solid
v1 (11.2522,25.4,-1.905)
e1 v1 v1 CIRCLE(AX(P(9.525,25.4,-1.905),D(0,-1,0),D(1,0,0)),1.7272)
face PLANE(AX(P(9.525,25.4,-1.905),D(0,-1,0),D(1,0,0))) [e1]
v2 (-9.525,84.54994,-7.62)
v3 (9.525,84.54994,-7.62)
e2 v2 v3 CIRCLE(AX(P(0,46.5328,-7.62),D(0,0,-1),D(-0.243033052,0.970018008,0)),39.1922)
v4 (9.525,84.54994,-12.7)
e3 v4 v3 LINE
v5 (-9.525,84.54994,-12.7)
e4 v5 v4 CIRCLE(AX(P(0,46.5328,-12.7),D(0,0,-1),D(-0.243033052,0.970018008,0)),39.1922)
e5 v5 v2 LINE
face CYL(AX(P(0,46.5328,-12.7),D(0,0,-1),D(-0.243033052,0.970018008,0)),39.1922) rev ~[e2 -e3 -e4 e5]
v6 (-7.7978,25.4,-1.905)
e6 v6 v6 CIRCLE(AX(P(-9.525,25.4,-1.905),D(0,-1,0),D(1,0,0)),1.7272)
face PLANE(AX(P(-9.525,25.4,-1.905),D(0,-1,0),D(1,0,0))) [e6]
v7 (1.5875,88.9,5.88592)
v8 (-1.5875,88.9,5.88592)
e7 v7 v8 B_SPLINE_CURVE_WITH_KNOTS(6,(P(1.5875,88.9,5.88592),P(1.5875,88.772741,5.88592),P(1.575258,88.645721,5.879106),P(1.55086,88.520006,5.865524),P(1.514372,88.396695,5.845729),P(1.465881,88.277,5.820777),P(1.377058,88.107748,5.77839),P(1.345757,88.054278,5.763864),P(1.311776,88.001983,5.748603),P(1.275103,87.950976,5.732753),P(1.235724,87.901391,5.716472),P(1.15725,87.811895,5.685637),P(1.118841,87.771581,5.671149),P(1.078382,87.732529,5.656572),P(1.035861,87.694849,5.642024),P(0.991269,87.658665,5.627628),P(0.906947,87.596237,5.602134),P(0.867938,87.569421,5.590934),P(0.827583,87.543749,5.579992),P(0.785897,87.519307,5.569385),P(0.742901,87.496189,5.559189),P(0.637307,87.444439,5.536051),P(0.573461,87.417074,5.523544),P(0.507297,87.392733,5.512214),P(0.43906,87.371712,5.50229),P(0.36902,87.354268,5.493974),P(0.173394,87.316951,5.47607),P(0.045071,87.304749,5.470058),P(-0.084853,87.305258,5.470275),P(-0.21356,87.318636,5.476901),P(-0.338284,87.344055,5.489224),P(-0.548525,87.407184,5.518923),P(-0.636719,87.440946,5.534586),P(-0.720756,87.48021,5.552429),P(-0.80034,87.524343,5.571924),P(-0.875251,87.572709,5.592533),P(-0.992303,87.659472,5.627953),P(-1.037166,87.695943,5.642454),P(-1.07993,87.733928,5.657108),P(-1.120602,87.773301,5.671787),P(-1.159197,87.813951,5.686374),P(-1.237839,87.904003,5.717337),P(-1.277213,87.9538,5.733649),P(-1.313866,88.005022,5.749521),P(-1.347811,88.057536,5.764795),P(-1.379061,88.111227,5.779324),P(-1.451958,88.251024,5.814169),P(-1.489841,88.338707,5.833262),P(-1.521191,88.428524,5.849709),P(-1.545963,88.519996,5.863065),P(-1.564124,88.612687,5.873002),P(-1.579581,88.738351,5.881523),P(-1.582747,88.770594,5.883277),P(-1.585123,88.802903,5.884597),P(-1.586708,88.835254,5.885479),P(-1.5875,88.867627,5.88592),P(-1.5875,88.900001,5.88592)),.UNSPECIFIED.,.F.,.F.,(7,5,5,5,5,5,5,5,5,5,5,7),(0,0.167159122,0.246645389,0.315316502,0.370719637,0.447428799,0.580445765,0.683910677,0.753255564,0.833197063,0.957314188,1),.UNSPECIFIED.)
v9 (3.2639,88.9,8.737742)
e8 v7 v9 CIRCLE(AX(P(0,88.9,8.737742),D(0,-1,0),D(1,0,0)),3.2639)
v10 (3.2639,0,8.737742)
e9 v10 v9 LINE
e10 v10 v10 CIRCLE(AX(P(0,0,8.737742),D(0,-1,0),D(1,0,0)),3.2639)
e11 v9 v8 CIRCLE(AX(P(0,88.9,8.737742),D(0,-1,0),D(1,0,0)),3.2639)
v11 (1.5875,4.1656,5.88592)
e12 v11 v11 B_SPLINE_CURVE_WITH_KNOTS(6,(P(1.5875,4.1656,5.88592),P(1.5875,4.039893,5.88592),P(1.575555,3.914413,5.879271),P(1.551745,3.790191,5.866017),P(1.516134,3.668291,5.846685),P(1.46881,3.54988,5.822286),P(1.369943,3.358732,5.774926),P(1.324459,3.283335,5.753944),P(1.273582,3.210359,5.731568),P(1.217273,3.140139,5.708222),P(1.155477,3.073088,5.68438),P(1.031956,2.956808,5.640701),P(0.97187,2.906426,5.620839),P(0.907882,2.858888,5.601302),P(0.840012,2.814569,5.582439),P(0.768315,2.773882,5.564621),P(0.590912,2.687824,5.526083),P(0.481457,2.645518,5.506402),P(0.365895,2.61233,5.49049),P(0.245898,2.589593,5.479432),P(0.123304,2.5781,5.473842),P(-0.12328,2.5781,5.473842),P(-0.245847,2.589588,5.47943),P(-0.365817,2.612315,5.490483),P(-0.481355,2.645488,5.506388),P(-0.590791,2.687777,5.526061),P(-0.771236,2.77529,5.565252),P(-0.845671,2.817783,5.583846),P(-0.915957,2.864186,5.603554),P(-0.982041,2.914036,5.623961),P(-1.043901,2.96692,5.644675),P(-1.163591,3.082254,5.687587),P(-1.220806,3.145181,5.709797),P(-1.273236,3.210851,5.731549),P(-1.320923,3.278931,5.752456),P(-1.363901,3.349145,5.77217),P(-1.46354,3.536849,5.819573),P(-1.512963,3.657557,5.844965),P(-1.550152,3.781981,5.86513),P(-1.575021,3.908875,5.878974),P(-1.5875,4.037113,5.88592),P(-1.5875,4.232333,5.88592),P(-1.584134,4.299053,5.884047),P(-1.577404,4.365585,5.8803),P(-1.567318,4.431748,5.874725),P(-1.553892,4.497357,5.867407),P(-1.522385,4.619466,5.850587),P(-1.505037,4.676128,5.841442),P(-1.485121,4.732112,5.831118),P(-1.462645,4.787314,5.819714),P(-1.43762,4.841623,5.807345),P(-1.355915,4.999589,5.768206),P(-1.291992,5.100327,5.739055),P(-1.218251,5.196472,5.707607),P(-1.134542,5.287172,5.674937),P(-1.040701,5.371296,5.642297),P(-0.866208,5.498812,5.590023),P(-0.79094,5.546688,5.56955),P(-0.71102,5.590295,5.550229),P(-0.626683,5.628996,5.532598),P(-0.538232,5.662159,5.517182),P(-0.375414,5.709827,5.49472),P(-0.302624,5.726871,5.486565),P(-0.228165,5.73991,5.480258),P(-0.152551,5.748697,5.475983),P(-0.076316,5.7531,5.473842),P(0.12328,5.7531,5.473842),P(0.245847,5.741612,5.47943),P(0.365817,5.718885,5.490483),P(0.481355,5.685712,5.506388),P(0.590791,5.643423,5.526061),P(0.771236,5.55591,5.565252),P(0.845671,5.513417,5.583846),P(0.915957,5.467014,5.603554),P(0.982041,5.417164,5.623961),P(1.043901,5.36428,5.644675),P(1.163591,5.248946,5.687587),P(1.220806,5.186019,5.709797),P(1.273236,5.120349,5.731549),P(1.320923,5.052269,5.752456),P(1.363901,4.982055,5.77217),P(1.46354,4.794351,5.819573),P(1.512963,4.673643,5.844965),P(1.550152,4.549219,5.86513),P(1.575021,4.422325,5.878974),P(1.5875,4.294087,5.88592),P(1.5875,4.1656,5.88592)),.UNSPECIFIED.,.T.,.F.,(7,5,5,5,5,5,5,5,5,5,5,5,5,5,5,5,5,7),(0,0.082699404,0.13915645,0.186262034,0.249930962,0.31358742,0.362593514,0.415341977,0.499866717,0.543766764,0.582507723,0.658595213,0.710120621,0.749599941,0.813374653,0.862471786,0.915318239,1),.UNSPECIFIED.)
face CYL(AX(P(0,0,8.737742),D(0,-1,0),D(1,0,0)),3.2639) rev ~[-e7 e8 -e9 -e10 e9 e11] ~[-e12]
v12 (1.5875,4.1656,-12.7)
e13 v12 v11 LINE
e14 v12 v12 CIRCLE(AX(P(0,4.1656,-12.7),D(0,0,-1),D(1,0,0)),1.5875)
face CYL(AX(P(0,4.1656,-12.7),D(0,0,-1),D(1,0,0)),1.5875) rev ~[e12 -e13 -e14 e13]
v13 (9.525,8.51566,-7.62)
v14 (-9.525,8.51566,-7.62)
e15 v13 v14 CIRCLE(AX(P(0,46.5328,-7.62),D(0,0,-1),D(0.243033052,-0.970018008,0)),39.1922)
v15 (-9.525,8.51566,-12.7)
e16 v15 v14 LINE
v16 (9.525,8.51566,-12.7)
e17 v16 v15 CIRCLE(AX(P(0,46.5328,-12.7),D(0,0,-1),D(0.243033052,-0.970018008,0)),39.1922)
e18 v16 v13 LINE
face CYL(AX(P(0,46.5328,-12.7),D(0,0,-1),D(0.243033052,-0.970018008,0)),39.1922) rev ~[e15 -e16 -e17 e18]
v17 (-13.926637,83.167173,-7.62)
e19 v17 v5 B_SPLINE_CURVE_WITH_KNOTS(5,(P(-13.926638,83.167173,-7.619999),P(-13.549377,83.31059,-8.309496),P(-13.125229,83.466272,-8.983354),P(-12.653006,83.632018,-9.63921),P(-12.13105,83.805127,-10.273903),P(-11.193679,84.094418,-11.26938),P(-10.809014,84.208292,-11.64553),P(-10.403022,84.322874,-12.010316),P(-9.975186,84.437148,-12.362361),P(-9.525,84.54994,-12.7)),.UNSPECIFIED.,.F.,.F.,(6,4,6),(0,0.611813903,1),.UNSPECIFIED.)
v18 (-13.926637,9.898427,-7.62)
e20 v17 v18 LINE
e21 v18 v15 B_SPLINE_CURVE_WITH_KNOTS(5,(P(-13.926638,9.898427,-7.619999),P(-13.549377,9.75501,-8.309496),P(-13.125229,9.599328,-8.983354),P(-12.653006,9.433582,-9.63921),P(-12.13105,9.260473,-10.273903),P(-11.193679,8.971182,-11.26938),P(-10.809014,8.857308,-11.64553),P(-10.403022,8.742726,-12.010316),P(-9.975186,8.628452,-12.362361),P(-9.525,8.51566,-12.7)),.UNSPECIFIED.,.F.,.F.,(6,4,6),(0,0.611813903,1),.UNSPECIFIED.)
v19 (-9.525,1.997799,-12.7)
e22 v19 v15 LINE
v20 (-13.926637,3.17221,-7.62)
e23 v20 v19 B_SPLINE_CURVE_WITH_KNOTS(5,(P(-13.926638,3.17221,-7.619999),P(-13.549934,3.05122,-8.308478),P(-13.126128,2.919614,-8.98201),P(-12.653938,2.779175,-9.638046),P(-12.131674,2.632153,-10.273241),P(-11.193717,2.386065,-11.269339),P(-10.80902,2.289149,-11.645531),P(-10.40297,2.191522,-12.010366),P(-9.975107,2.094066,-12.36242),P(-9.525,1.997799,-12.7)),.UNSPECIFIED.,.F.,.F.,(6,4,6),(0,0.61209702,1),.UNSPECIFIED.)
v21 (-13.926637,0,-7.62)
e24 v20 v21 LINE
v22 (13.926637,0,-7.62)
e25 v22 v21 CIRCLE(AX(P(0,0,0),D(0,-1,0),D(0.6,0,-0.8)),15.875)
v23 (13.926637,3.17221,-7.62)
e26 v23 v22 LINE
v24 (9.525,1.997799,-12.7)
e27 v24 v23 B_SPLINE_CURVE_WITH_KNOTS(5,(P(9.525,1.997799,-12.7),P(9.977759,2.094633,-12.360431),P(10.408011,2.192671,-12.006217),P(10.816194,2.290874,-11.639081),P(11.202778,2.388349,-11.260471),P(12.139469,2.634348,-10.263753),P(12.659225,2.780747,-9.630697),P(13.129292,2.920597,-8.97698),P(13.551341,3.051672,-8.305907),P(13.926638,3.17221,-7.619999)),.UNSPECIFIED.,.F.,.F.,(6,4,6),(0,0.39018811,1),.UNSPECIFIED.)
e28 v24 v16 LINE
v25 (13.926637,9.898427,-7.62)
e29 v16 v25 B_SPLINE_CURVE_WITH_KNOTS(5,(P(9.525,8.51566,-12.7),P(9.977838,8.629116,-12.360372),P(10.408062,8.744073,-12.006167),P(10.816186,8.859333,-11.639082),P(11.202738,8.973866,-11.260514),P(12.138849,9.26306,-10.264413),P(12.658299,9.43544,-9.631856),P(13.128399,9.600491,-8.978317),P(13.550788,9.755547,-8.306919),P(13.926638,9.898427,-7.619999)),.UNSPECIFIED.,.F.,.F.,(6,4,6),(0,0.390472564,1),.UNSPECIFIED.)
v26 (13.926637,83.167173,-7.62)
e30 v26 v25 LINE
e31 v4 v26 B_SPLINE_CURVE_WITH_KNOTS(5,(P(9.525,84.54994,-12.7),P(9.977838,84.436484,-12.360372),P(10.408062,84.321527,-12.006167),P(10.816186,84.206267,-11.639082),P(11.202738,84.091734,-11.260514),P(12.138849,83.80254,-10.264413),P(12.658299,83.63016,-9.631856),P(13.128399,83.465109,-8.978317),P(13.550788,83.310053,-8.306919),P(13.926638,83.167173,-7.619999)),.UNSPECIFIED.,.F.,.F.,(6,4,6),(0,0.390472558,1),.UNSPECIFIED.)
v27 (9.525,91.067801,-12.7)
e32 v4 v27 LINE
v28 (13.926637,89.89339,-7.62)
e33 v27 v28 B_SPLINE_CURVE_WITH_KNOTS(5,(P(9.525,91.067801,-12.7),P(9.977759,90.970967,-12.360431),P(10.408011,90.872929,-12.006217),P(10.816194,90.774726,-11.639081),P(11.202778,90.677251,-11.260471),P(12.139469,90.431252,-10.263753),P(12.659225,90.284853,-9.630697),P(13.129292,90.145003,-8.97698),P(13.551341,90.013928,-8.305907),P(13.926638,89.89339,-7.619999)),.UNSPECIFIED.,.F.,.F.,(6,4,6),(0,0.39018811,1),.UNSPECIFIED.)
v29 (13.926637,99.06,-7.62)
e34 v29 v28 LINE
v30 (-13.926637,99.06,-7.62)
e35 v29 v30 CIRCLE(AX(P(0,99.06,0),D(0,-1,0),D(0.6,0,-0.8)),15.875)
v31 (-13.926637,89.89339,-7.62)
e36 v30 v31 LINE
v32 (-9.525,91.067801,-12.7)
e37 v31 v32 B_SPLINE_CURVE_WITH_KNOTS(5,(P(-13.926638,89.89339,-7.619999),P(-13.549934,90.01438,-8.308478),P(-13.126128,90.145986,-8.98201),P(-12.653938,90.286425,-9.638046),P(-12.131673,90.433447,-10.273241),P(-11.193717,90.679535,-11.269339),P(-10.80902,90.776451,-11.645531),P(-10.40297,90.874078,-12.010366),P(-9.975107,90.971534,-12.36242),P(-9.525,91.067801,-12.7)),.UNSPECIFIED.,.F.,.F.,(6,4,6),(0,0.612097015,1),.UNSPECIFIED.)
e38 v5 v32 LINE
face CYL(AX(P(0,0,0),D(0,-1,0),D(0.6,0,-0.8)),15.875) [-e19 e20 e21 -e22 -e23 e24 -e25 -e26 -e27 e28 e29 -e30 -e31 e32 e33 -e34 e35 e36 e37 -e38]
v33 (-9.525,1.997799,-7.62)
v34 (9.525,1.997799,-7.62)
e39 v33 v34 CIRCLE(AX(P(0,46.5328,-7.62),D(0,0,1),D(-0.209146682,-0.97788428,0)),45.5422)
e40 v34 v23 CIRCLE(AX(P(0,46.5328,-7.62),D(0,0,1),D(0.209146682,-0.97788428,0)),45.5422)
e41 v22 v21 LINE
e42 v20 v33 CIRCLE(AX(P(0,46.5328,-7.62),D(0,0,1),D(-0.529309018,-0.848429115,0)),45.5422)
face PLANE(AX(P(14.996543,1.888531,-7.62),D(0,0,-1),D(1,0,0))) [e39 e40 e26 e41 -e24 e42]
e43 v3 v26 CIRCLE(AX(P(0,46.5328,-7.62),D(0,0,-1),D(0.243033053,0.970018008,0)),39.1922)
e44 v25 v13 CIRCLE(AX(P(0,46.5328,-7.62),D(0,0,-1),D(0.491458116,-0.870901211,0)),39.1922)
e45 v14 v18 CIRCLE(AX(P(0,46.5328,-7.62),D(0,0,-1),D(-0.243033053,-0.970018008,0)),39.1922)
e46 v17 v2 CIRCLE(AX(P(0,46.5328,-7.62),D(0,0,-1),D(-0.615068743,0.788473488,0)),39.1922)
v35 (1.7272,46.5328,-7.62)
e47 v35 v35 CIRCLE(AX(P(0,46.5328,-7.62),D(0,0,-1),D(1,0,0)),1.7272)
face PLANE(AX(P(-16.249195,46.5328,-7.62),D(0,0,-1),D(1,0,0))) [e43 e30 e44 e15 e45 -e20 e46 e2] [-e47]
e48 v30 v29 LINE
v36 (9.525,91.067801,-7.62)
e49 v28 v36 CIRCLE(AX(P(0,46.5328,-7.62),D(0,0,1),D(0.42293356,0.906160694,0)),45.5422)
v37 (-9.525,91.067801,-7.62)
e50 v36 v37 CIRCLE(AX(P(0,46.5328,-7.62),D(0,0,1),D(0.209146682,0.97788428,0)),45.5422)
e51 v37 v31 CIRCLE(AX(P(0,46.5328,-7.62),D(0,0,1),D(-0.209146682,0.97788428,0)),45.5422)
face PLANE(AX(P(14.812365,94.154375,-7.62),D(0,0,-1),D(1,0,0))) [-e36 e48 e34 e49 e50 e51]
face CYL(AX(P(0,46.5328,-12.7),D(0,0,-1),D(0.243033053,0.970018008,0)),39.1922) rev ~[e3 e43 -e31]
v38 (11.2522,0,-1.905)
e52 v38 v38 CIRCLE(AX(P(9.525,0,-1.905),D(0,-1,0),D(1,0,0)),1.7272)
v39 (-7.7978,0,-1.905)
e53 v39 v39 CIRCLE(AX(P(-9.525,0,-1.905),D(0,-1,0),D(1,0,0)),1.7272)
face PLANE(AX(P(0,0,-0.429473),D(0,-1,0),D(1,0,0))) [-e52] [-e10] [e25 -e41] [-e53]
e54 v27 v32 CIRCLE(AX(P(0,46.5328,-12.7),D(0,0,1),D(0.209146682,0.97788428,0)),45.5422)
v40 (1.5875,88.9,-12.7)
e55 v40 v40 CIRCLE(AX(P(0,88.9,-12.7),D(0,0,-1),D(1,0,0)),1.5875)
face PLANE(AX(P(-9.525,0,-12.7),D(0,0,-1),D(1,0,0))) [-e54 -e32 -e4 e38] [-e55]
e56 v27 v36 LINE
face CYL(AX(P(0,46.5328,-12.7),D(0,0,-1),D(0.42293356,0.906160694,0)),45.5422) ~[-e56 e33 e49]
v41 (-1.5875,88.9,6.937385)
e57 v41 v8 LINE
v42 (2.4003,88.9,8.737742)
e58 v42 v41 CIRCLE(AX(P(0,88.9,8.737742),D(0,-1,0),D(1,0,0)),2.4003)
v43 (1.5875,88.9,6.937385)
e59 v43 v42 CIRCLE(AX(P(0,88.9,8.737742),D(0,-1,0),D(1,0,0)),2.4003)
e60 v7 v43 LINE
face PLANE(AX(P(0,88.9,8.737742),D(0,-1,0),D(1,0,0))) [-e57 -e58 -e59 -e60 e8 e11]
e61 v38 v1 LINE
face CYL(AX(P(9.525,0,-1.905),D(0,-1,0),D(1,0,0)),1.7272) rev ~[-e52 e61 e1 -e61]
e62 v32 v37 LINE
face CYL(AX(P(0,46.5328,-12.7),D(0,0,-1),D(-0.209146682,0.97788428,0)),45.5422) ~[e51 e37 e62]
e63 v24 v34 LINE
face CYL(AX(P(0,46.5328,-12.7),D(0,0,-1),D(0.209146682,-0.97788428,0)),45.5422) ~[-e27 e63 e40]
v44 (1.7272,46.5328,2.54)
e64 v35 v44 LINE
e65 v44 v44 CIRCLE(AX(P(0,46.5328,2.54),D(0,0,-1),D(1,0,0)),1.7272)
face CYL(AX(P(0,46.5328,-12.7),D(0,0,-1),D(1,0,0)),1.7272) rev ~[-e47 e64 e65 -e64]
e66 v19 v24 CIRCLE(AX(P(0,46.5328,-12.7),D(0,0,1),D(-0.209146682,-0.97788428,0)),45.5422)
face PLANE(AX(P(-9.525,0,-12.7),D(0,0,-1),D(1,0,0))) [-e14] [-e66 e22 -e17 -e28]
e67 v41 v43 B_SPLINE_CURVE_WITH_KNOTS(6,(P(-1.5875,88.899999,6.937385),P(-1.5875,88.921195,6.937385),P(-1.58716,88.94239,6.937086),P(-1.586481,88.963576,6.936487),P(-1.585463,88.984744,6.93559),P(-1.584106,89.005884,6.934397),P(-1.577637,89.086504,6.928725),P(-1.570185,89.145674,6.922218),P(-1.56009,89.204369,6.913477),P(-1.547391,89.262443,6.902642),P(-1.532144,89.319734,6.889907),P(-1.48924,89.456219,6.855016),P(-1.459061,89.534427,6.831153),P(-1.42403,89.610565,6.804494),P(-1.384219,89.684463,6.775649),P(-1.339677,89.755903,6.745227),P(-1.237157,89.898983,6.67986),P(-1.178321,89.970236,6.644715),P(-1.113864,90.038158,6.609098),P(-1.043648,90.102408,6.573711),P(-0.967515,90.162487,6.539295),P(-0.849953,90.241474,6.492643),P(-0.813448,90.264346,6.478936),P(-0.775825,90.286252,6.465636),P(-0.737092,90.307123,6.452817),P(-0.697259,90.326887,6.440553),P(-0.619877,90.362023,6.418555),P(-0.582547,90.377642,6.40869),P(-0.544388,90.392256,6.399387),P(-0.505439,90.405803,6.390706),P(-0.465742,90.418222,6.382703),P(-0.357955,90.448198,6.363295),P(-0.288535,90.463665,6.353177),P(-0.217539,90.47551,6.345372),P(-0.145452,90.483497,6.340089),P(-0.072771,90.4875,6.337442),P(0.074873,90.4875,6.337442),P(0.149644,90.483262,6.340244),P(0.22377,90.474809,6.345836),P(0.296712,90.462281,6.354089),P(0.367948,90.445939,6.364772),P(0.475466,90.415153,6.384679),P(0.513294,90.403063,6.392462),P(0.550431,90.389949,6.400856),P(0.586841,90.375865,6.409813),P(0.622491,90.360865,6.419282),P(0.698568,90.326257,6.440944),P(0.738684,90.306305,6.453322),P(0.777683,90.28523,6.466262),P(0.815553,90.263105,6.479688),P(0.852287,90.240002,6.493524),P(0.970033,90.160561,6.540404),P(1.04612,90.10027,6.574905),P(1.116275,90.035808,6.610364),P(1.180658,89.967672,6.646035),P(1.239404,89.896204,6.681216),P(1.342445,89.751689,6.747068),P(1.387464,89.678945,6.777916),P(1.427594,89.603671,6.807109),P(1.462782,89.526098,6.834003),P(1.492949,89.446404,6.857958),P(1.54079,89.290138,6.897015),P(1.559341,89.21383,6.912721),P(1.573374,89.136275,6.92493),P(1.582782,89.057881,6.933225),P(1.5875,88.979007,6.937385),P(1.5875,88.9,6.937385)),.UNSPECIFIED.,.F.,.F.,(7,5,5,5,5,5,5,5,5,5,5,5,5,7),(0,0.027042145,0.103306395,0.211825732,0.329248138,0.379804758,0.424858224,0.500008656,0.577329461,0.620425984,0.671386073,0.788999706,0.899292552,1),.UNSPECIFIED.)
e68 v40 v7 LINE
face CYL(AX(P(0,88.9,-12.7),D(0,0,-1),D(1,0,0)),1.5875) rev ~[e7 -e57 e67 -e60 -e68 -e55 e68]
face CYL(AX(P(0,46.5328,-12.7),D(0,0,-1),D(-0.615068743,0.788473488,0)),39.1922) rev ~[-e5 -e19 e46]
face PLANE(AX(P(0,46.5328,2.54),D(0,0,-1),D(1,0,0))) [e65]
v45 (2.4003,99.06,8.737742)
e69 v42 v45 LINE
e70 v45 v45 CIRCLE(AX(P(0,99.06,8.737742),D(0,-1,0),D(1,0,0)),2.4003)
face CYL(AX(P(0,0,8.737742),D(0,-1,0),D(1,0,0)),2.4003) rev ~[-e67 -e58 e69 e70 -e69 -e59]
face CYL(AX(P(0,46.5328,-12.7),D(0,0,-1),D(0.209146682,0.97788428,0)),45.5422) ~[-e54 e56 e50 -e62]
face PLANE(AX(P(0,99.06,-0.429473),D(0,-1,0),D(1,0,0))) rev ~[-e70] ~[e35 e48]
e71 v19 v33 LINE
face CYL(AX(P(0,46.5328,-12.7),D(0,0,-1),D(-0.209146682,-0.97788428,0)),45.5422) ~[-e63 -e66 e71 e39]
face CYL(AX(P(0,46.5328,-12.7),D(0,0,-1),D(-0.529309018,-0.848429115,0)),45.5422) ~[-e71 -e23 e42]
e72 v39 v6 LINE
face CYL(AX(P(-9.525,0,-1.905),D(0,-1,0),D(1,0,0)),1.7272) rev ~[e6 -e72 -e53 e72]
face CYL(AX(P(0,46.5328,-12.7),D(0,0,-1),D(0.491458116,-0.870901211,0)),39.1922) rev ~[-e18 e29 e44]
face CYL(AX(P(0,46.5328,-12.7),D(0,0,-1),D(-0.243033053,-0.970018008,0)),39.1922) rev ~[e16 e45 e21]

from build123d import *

# Parameters (mm, degrees)
F0_R     = 1.7272
F0_R_2   = 3.2639
F0_R_3   = 2.4003
F1_DEPTH = 99.06
F2_DEPTH = 88.9
F3_DEPTH = 25.4
F4_DEPTH = 99.061
F5_R     = 1.7272
F6_DEPTH = 5.08
F7_DEPTH = 15.24
F5_R_2   = 1.5875
F8_DEPTH = 19.6383854826


with BuildPart() as f1:
    # F0 (on Front) → F1 (new body)
    with BuildSketch(Plane.XZ):
        with BuildLine():
            Line((-9.525, -12.7), (9.525, -12.7))
            ThreePointArc((9.525, -12.7), (0, 15.875), (-9.525, -12.7))
        make_face()
        with Locations((-9.525, -1.905)):
            Circle(F0_R, mode=Mode.SUBTRACT)
        with Locations((9.525, -1.905)):
            Circle(F0_R, mode=Mode.SUBTRACT)
        with Locations((0, 8.7377419695)):
            Circle(F0_R_2, mode=Mode.SUBTRACT)
        with Locations((0, 8.7377419695)):
            Circle(F0_R_2)
        with Locations((0, 8.7377419695)):
            Circle(F0_R_3, mode=Mode.SUBTRACT)
        with Locations((-9.525, -1.905)):
            Circle(F0_R)
        with Locations((9.525, -1.905)):
            Circle(F0_R)
    extrude(amount=-F1_DEPTH)

    # F0 (on Front) → F2 (cut, through all)
    with BuildSketch(Plane.XZ):
        with Locations((0, 8.7377419695)):
            Circle(F0_R_2)
        with Locations((0, 8.7377419695)):
            Circle(F0_R_3, mode=Mode.SUBTRACT)
    extrude(amount=-F2_DEPTH, mode=Mode.SUBTRACT)

    # F0 (on Front) → F3 (cut)
    with BuildSketch(Plane.XZ):
        with Locations((-9.525, -1.905)):
            Circle(F0_R)
        with Locations((9.525, -1.905)):
            Circle(F0_R)
    extrude(amount=-F3_DEPTH, mode=Mode.SUBTRACT)

    # F0 (on Front) → F4 (cut, through all)
    with BuildSketch(Plane.XZ):
        with Locations((0, 8.7377419695)):
            Circle(F0_R_3)
    extrude(amount=-F4_DEPTH, mode=Mode.SUBTRACT)

    # F5 (on face) → F6 (cut)
    with BuildSketch(Plane(origin=(0, 0, -12.7), x_dir=(1, 0, 0), z_dir=(0, 0, -1))):
        with BuildLine():
            Line((-9.525, -84.5499397641), (-9.525, -8.5156602359))
            ThreePointArc((-9.525, -8.5156602359), (-17.1876576863, -11.3104638467), (-24.1058971733, -15.6307893484))
            Line((-24.1058971733, -15.6307893484), (-24.1058971733, -77.4348106516))
            ThreePointArc((-24.1058971733, -77.4348106516), (-17.1876576863, -81.7551361533), (-9.525, -84.5499397641))
        make_face()
        with BuildLine():
            Line((9.525, -84.5499397641), (9.525, -8.5156602359))
            ThreePointArc((9.525, -8.5156602359), (0, -7.3406), (-9.525, -8.5156602359))
            Line((-9.525, -8.5156602359), (-9.525, -84.5499397641))
            ThreePointArc((-9.525, -84.5499397641), (0, -85.725), (9.525, -84.5499397641))
        make_face()
        with Locations((0, -46.5328)):
            Circle(F5_R, mode=Mode.SUBTRACT)
        with BuildLine():
            ThreePointArc((19.2613247782, -12.4002655405), (14.5236243119, -10.1309748028), (9.525, -8.5156602359))
            Line((9.525, -8.5156602359), (9.525, -84.5499397641))
            ThreePointArc((9.525, -84.5499397641), (14.5236243119, -82.9346251972), (19.2613247782, -80.6653344595))
            Line((19.2613247782, -80.6653344595), (19.2613247782, -12.4002655405))
        make_face()
        with BuildLine():
            ThreePointArc((19.2613247782, -87.8013515693), (14.4855288925, -89.7098938525), (9.525, -91.067801469))
            Line((9.525, -91.067801469), (9.525, -99.06))
            Line((9.525, -99.06), (19.2613247782, -99.06))
            Line((19.2613247782, -99.06), (19.2613247782, -87.8013515693))
        make_face()
        with BuildLine():
            Line((9.525, -99.06), (9.525, -91.067801469))
            ThreePointArc((9.525, -91.067801469), (0, -92.075), (-9.525, -91.067801469))
            Line((-9.525, -91.067801469), (-9.525, -99.06))
            Line((-9.525, -99.06), (9.525, -99.06))
        make_face()
        with BuildLine():
            Line((-9.525, -99.06), (-9.525, -91.067801469))
            ThreePointArc((-9.525, -91.067801469), (-17.0718789618, -88.7541563206), (-24.1058971733, -85.1721284402))
            Line((-24.1058971733, -85.1721284402), (-24.1058971733, -99.06))
            Line((-24.1058971733, -99.06), (-9.525, -99.06))
        make_face()
        with BuildLine():
            Line((9.525, 0), (9.525, -1.997798531))
            ThreePointArc((9.525, -1.997798531), (14.4855288925, -3.3557061475), (19.2613247782, -5.2642484307))
            Line((19.2613247782, -5.2642484307), (19.2613247782, 0))
            Line((19.2613247782, 0), (9.525, 0))
        make_face()
        with BuildLine():
            ThreePointArc((-9.525, -1.997798531), (0, -0.9906), (9.525, -1.997798531))
            Line((9.525, -1.997798531), (9.525, 0))
            Line((9.525, 0), (-9.525, 0))
            Line((-9.525, 0), (-9.525, -1.997798531))
        make_face()
        with BuildLine():
            ThreePointArc((-24.1058971733, -7.8934715598), (-17.0718789618, -4.3114436794), (-9.525, -1.997798531))
            Line((-9.525, -1.997798531), (-9.525, 0))
            Line((-9.525, 0), (-24.1058971733, 0))
            Line((-24.1058971733, 0), (-24.1058971733, -7.8934715598))
        make_face()
    extrude(amount=-F6_DEPTH, mode=Mode.SUBTRACT)

    # F5 (on face) → F7 (cut)
    with BuildSketch(Plane(origin=(0, 0, -12.7), x_dir=(1, 0, 0), z_dir=(0, 0, -1))):
        with Locations((0, -46.5328)):
            Circle(F5_R)
    extrude(amount=-F7_DEPTH, mode=Mode.SUBTRACT)

    # F5 (on face) → F8 (cut, through all)
    with BuildSketch(Plane(origin=(0, 0, -12.7), x_dir=(1, 0, 0), z_dir=(0, 0, -1))):
        with Locations((0, -88.9)):
            Circle(F5_R_2)
        with Locations((0, -4.1656)):
            Circle(F5_R_2)
    extrude(amount=-F8_DEPTH, mode=Mode.SUBTRACT)


solid = f1.part
